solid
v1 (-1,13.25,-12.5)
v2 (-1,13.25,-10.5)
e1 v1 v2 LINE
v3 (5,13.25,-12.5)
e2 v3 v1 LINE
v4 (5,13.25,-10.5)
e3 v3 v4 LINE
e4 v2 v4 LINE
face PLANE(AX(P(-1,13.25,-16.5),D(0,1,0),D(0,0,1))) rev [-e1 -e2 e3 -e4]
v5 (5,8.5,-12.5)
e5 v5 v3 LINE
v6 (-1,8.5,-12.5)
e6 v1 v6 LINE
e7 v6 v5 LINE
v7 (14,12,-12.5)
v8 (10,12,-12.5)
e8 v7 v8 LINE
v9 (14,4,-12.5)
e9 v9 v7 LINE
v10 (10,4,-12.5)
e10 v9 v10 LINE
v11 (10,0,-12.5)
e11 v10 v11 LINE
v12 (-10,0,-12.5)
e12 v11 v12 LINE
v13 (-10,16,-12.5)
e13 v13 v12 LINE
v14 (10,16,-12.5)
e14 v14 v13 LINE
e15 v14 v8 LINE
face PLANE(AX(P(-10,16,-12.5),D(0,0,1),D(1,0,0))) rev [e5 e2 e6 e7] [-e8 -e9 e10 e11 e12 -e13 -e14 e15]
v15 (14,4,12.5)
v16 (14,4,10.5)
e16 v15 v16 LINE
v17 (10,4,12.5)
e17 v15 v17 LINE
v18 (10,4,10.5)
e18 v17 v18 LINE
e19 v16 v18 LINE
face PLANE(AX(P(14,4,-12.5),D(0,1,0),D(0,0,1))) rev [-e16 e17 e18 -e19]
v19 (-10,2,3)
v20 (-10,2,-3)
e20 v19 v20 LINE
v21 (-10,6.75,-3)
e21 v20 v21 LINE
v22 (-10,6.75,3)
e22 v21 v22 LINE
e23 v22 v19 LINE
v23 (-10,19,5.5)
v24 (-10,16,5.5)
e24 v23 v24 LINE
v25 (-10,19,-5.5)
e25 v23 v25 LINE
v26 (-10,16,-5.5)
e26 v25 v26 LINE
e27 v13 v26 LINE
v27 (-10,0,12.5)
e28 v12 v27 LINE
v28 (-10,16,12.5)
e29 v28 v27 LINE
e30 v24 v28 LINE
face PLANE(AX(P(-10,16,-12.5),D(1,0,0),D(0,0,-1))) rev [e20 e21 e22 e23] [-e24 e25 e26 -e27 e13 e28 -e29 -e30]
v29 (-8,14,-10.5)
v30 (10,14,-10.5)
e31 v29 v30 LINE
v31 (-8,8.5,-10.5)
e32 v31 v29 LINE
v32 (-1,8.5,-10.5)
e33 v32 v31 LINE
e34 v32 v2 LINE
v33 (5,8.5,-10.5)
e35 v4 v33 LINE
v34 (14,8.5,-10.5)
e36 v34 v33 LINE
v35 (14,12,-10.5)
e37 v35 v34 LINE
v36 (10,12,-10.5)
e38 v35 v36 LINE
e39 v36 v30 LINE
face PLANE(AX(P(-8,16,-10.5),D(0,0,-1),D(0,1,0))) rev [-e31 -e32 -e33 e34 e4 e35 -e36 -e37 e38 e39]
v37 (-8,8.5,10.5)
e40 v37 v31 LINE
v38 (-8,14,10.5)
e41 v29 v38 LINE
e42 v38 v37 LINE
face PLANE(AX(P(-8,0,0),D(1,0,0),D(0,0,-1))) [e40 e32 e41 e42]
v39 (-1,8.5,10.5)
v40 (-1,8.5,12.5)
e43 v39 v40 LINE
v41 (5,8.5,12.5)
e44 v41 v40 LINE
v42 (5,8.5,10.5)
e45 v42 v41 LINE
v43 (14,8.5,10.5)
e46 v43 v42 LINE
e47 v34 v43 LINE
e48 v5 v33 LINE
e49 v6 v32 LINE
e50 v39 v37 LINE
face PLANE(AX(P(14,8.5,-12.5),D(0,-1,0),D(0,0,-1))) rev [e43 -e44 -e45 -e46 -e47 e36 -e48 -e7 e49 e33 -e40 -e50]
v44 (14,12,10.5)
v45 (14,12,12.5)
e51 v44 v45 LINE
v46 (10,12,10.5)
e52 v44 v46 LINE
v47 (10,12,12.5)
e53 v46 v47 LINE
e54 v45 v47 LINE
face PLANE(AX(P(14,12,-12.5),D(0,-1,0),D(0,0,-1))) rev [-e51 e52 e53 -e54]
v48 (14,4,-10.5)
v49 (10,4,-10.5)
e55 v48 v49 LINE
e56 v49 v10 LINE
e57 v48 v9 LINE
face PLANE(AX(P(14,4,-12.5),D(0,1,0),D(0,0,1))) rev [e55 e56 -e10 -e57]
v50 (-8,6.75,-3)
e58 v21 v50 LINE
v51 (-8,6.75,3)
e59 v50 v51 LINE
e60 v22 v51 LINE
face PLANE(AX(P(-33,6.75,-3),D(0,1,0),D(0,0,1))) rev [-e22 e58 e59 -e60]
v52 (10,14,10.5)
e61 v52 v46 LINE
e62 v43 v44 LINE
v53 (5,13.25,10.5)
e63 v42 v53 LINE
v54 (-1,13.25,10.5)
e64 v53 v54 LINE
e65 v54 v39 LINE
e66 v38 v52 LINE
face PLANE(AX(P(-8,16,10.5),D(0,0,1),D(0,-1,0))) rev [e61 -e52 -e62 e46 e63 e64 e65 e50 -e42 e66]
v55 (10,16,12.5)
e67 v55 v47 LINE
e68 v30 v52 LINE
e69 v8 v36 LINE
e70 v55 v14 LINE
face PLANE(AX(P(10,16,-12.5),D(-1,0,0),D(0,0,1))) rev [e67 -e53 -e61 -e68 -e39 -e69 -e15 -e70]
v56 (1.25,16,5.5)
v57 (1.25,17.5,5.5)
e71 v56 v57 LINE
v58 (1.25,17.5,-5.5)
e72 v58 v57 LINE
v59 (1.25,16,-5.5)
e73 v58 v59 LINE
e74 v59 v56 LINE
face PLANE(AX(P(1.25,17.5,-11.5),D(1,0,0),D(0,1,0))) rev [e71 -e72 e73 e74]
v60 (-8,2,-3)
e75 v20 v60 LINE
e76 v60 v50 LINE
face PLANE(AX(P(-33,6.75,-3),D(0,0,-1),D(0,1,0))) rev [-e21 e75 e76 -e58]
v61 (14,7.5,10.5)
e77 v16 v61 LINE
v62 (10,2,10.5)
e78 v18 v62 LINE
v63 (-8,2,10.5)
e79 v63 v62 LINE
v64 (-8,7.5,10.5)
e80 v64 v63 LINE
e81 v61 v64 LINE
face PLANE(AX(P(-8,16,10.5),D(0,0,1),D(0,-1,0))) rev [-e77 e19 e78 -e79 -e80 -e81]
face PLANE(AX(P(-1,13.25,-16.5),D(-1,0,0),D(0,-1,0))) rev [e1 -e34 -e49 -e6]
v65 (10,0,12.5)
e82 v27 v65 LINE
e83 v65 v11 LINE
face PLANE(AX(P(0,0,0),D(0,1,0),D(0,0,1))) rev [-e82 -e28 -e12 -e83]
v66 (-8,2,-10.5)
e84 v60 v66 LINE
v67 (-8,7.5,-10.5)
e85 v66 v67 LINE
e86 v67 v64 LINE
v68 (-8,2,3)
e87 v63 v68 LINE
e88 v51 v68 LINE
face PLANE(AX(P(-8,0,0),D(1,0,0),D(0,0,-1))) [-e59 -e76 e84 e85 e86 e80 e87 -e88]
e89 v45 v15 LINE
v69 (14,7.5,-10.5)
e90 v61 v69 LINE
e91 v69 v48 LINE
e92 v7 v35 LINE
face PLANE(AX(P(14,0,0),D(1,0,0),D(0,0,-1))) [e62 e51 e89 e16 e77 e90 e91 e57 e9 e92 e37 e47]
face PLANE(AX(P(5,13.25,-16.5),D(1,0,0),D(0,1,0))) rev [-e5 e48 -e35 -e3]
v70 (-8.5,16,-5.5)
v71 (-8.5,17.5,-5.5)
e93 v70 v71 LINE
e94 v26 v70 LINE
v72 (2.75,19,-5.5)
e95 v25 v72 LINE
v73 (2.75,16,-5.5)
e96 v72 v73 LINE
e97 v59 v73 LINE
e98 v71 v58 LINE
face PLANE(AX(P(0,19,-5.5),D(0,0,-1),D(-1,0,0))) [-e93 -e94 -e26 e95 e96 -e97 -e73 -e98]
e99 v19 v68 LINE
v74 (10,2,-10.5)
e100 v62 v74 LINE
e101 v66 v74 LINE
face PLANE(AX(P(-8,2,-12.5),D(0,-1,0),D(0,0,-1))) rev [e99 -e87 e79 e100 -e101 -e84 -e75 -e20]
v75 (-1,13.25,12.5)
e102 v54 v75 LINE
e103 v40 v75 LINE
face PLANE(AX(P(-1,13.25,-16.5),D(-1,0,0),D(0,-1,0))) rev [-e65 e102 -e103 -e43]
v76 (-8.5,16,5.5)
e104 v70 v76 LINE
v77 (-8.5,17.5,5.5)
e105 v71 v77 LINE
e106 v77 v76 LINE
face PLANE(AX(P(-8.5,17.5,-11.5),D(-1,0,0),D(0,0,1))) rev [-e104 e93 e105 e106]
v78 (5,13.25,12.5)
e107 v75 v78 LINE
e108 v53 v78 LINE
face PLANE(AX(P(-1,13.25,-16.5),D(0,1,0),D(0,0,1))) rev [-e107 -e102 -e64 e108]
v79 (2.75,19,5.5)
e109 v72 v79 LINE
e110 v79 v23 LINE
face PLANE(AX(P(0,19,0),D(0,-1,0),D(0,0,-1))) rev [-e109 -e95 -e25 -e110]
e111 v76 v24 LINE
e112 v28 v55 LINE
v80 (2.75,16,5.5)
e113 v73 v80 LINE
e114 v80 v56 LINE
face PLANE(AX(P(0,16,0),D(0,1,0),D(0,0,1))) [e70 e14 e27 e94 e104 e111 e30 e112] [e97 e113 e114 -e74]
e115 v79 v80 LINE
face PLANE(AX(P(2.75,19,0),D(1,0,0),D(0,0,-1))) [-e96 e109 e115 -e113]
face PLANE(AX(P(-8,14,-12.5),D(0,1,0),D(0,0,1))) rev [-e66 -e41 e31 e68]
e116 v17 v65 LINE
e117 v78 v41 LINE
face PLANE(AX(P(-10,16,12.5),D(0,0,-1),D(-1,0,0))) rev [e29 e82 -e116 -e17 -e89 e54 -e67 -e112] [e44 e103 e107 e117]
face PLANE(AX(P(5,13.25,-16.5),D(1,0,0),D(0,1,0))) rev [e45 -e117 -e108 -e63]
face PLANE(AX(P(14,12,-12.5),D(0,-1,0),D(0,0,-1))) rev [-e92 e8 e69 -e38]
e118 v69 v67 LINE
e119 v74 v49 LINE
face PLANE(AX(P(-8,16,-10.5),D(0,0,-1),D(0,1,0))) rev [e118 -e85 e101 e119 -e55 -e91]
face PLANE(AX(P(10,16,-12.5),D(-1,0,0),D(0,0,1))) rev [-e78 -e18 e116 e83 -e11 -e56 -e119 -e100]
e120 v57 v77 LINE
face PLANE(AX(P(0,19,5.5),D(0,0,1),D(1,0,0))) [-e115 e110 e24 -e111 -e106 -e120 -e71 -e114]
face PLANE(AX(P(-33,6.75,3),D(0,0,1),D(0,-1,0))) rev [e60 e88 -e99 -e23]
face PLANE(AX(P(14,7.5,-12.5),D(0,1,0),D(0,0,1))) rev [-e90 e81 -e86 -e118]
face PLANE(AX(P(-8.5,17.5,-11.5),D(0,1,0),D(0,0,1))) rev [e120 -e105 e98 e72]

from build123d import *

# Parameters (mm, degrees)
CROQUIS1_W              = 20
CROQUIS1_H              = 25
SALIENTE_EXTRUIR4_DEPTH = 16
CORTAR_EXTRUIR1_START   = 10
CROQUIS4_W              = 21
CROQUIS4_H              = 12
CORTAR_EXTRUIR1_DEPTH   = 18
SALIENTE_EXTRUIR6_START = -10
CROQUIS5_W              = 21
CROQUIS5_H              = 1
SALIENTE_EXTRUIR6_DEPTH = 24
SALIENTE_EXTRUIR7_START = 10
CROQUIS7_W              = 2
CROQUIS7_H              = 8
SALIENTE_EXTRUIR7_DEPTH = 4
SALIENTE_EXTRUIR8_START = 16
CROQUIS8_W              = 12.75
CROQUIS8_H              = 11
SALIENTE_EXTRUIR8_DEPTH = 3
CROQUIS9_W              = 9.75
CROQUIS9_H              = 1.5
CORTAR_EXTRUIR2_DEPTH   = 11.5
CROQUIS11_W             = 6
CROQUIS11_H             = 4.75
CORTAR_EXTRUIR4_DEPTH   = 16.5
CROQUIS12_W             = 6
CROQUIS12_H             = 4.75
CORTAR_EXTRUIR5_DEPTH   = 33


with BuildPart() as part:
    # Croquis1 → Saliente-Extruir4 (new body)
    with BuildSketch(Plane(origin=(0, 0, 0), x_dir=(1, 0, 0), z_dir=(0, 1, 0))):
        Rectangle(CROQUIS1_W, CROQUIS1_H)
    extrude(amount=SALIENTE_EXTRUIR4_DEPTH)

    # Croquis4 → Cortar-Extruir1 (cut)
    with BuildSketch(Plane(origin=(0, 0, 0), x_dir=(0, 0, -1), z_dir=(1, 0, 0)).offset(CORTAR_EXTRUIR1_START)):
        with Locations((0, 8)):
            Rectangle(CROQUIS4_W, CROQUIS4_H)
    extrude(amount=-CORTAR_EXTRUIR1_DEPTH, mode=Mode.SUBTRACT)

    # Croquis5 → Saliente-Extruir6 (add)
    with BuildSketch(Plane(origin=(0, 0, 0), x_dir=(0, 0, -1), z_dir=(1, 0, 0)).offset(SALIENTE_EXTRUIR6_START)):
        with Locations((0, 8)):
            Rectangle(CROQUIS5_W, CROQUIS5_H)
    extrude(amount=SALIENTE_EXTRUIR6_DEPTH)

    # Croquis7 → Saliente-Extruir7 (add)
    with BuildSketch(Plane(origin=(0, 0, 0), x_dir=(0, 0, -1), z_dir=(1, 0, 0)).offset(SALIENTE_EXTRUIR7_START)):
        with Locations((-11.5, 8)):
            Rectangle(CROQUIS7_W, CROQUIS7_H)
        with Locations((11.5, 8)):
            Rectangle(CROQUIS7_W, CROQUIS7_H)
    extrude(amount=SALIENTE_EXTRUIR7_DEPTH)

    # Croquis8 → Saliente-Extruir8 (add)
    with BuildSketch(Plane(origin=(0, 0, 0), x_dir=(1, 0, 0), z_dir=(0, 1, 0)).offset(SALIENTE_EXTRUIR8_START)):
        with Locations((-3.625, 0)):
            Rectangle(CROQUIS8_W, CROQUIS8_H)
    extrude(amount=SALIENTE_EXTRUIR8_DEPTH)

    # Croquis9 → Cortar-Extruir2 (cut, symmetric)
    with BuildSketch(Plane.XY):
        with Locations((-3.625, 16.75)):
            Rectangle(CROQUIS9_W, CROQUIS9_H)
    extrude(amount=CORTAR_EXTRUIR2_DEPTH, both=True, mode=Mode.SUBTRACT)

    # Croquis11 → Cortar-Extruir4 (cut, symmetric)
    with BuildSketch(Plane.XY):
        with Locations((2, 10.875)):
            Rectangle(CROQUIS11_W, CROQUIS11_H)
    extrude(amount=CORTAR_EXTRUIR4_DEPTH, both=True, mode=Mode.SUBTRACT)

    # Croquis12 → Cortar-Extruir5 (cut)
    with BuildSketch(Plane(origin=(0, 0, 0), x_dir=(0, 0, -1), z_dir=(1, 0, 0))):
        with Locations((0, 4.375)):
            Rectangle(CROQUIS12_W, CROQUIS12_H)
    extrude(amount=-CORTAR_EXTRUIR5_DEPTH, mode=Mode.SUBTRACT)


solid = part.part
